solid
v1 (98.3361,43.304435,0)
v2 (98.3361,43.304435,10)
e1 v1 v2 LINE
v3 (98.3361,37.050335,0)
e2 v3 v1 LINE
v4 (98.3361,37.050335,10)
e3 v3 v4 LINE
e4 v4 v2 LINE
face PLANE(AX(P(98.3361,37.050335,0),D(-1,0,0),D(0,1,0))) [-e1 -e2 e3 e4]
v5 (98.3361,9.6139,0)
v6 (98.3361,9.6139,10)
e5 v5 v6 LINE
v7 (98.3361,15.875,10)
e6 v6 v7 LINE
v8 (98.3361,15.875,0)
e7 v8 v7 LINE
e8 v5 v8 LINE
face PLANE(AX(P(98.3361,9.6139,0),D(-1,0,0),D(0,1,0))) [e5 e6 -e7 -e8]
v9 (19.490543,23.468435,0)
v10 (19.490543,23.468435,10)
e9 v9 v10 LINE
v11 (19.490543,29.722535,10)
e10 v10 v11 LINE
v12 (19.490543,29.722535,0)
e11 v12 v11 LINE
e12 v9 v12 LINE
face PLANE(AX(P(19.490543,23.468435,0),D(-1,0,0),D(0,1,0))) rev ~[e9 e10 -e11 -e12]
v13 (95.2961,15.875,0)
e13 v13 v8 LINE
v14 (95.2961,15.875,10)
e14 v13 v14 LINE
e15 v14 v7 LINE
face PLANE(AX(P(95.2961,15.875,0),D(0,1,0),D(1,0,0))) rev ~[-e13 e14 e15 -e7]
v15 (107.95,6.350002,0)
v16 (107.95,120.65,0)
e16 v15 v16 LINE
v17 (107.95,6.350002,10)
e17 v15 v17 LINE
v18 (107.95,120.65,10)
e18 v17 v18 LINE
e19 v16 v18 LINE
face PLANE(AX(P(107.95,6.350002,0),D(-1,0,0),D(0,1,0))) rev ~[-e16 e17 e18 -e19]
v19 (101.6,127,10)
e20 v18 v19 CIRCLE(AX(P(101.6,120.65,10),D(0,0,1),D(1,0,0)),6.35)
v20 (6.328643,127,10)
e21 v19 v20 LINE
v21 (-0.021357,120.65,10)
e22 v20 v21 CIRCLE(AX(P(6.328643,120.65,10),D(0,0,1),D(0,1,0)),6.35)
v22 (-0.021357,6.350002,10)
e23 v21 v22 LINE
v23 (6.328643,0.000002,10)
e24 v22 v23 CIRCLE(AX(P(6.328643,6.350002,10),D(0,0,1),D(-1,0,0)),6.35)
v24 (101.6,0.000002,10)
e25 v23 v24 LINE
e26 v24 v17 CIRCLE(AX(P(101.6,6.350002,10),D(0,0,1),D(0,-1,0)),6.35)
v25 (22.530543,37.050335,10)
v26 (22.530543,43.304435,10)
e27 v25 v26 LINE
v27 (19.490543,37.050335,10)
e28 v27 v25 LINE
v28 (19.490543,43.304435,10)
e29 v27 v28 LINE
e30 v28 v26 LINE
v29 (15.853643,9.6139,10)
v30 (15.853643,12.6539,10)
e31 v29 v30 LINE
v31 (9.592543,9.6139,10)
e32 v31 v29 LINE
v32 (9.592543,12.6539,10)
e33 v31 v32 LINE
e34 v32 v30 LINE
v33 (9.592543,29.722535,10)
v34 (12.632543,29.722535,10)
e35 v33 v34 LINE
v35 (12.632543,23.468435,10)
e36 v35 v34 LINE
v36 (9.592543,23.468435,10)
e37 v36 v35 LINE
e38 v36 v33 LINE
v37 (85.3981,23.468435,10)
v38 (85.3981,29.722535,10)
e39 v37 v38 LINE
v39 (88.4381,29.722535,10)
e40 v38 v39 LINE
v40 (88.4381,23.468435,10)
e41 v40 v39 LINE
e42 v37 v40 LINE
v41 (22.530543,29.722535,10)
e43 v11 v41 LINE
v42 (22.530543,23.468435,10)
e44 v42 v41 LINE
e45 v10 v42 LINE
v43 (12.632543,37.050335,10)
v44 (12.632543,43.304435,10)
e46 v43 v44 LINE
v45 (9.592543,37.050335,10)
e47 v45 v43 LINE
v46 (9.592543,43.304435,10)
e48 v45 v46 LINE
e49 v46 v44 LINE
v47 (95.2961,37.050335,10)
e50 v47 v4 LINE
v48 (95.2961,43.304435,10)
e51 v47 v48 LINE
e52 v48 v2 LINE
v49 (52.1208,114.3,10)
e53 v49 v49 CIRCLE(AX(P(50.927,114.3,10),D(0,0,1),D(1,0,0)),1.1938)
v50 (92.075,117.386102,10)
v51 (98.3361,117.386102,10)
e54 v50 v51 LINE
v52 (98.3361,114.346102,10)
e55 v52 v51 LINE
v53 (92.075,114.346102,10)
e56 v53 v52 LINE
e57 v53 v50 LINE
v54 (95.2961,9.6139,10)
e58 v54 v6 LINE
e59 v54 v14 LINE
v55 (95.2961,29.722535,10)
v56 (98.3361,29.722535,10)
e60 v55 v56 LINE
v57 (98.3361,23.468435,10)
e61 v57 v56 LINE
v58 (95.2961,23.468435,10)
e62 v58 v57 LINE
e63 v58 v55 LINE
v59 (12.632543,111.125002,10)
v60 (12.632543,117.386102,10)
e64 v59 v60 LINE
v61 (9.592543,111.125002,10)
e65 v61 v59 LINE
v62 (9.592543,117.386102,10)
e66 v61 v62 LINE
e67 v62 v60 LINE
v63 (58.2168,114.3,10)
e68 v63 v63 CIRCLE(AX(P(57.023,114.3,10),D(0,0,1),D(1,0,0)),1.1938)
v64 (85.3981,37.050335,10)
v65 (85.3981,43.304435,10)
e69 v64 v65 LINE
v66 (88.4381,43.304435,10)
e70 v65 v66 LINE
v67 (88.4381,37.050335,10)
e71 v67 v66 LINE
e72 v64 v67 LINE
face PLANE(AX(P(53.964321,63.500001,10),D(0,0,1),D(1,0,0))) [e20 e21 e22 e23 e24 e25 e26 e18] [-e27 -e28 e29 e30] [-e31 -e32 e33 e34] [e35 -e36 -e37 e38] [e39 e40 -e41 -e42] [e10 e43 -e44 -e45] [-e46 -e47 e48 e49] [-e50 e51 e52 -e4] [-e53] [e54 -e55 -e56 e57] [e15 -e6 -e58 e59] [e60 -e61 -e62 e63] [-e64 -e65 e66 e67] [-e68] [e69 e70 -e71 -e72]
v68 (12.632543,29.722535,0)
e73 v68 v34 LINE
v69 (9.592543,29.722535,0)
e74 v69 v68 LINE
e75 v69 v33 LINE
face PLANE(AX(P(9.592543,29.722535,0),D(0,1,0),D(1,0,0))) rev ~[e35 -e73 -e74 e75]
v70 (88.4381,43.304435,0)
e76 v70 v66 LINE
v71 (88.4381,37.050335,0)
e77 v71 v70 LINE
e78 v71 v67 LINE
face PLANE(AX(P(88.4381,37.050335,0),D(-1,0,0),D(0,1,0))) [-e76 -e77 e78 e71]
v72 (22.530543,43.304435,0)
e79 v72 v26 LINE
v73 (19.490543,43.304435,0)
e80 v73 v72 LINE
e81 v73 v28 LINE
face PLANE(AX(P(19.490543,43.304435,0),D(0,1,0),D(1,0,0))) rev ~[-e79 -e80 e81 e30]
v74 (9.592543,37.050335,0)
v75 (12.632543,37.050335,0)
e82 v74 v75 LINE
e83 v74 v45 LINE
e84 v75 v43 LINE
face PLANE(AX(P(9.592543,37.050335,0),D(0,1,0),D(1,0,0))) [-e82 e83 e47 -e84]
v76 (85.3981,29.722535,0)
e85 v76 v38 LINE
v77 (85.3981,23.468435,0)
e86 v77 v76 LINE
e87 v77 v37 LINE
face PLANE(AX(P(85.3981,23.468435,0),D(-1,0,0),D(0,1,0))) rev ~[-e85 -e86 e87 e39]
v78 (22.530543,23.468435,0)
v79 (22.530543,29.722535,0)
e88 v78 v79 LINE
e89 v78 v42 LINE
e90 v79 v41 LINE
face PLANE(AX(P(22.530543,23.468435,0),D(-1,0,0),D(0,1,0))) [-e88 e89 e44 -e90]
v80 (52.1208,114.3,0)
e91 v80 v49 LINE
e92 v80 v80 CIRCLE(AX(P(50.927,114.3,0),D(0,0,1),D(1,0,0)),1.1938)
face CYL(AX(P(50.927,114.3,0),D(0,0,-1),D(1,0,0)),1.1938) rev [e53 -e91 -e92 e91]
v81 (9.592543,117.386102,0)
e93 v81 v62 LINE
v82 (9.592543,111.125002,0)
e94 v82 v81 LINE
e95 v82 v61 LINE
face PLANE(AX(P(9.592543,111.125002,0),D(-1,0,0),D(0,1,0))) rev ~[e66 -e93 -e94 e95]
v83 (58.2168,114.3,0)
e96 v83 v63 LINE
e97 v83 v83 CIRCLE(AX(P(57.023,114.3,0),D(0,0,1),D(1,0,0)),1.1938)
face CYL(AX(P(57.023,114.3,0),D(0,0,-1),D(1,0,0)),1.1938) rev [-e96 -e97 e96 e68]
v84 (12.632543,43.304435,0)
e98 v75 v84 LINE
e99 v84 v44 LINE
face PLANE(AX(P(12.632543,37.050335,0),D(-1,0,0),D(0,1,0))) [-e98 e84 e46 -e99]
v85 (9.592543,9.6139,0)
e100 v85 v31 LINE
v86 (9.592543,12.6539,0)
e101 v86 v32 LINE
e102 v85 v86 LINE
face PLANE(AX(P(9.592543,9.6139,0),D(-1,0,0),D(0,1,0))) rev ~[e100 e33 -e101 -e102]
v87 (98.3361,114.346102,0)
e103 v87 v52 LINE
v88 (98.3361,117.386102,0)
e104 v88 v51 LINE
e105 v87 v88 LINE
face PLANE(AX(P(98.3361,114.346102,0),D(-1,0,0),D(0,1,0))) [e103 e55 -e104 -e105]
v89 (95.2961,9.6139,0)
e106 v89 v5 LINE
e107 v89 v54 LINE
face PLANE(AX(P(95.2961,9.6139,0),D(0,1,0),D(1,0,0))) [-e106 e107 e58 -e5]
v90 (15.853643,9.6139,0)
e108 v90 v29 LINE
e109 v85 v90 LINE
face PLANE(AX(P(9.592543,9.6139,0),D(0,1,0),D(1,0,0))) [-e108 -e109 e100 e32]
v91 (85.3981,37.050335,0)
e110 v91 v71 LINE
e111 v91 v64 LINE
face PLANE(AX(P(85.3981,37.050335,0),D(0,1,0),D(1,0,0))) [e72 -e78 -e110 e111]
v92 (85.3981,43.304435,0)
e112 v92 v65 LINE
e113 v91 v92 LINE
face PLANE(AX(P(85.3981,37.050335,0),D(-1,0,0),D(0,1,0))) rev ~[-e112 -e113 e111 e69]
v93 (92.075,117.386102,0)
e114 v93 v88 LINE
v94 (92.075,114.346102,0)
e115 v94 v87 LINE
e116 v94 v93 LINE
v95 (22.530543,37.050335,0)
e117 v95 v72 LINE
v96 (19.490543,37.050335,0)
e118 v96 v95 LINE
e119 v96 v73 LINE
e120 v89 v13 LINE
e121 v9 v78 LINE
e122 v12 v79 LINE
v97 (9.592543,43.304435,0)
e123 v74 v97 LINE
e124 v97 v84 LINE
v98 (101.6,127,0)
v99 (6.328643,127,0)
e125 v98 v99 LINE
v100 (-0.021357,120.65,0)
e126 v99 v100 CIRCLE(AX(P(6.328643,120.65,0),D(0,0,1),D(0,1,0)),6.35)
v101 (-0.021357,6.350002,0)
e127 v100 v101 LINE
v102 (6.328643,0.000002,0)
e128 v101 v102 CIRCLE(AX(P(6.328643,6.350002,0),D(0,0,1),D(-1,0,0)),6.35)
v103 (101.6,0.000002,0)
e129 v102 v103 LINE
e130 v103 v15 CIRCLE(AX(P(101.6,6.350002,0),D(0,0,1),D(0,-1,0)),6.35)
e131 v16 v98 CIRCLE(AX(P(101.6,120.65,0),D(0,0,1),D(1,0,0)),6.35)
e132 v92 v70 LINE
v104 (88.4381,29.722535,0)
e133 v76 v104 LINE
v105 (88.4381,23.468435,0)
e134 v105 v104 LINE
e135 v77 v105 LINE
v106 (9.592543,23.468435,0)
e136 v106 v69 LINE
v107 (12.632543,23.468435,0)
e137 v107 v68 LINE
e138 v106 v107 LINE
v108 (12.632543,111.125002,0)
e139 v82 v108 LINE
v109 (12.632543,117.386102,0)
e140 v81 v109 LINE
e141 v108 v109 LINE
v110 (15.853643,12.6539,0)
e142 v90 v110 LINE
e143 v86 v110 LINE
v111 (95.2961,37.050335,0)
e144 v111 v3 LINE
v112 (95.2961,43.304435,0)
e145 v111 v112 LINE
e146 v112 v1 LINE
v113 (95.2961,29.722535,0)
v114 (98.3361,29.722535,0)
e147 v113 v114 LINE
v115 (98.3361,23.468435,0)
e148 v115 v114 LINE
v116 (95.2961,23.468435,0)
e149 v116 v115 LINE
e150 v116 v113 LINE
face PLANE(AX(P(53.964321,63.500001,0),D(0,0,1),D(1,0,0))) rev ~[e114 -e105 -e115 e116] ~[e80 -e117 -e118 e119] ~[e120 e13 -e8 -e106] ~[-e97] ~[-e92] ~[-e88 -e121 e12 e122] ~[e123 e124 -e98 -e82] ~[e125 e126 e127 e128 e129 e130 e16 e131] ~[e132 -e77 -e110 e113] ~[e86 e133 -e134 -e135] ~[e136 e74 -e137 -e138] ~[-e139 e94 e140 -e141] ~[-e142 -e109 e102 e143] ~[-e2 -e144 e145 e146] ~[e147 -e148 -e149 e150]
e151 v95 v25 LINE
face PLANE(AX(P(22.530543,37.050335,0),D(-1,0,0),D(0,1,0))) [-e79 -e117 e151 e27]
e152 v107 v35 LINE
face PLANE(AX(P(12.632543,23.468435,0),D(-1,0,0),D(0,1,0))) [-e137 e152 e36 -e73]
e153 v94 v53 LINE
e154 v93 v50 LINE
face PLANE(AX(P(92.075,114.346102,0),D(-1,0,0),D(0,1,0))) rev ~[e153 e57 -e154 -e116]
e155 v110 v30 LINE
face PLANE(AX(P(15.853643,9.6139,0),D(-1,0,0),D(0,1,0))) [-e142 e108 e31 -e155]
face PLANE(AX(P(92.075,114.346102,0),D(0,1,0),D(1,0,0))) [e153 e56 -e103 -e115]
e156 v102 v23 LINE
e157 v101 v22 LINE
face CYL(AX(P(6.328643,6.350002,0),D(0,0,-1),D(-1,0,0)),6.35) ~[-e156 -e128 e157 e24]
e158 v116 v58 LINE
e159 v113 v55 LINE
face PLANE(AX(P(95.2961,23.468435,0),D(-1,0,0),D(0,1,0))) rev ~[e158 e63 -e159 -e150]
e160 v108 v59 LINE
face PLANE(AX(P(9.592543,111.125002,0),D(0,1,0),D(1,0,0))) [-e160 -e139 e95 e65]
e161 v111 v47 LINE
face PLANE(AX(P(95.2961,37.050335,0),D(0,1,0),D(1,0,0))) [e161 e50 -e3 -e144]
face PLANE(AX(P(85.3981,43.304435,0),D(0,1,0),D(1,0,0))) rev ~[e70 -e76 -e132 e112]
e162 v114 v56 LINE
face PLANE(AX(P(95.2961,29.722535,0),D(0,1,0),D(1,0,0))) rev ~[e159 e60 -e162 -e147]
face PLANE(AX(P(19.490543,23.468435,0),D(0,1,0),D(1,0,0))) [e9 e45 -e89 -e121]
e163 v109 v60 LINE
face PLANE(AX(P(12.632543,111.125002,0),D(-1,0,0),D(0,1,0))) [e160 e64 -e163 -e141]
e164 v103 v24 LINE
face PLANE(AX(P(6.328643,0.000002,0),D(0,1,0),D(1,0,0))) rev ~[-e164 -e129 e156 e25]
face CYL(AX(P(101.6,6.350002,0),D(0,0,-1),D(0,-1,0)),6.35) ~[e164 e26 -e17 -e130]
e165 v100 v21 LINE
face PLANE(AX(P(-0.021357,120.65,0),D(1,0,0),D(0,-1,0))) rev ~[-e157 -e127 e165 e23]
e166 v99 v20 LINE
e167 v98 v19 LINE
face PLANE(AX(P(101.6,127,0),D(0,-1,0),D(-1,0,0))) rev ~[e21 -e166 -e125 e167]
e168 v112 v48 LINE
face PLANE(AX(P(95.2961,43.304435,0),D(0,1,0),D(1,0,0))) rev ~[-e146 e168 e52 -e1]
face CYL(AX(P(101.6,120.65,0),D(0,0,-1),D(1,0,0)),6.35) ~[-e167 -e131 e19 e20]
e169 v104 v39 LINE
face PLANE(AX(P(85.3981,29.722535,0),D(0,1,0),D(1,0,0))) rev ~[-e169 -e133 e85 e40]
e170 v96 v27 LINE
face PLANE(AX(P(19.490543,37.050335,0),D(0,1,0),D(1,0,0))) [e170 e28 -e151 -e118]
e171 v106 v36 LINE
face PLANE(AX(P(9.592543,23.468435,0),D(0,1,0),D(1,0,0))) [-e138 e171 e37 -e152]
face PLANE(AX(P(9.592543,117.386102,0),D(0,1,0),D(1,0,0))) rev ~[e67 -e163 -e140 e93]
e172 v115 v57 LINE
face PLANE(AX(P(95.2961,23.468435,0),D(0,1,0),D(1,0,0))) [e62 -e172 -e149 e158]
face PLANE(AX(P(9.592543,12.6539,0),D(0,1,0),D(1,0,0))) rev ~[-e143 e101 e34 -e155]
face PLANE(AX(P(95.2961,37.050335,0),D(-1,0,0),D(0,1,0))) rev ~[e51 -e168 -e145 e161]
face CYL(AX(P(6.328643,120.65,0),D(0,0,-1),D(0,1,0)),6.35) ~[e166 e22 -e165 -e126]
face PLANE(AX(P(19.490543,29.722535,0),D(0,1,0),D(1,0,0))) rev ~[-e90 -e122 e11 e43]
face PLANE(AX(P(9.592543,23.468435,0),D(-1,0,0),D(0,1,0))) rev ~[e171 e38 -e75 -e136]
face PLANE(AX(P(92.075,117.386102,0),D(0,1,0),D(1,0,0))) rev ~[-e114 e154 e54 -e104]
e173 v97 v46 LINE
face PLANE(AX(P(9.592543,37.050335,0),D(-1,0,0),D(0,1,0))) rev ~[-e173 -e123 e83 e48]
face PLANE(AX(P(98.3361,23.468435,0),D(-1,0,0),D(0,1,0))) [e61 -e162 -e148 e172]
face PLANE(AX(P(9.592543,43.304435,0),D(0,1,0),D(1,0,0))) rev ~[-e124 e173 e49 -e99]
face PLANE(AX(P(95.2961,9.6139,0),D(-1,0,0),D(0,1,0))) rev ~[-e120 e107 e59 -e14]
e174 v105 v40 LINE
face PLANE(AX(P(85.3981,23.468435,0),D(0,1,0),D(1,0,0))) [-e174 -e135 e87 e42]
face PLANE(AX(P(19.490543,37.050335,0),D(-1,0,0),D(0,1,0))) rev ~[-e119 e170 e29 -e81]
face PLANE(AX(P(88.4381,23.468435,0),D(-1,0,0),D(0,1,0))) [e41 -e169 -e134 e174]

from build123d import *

# Parameters (mm, degrees)
SKETCH1_R           = 1.1938
SKETCH1_W           = 6.2611
SKETCH1_H           = 3.04
SKETCH1_W_2         = 3.04
SKETCH1_H_2         = 6.2611
SKETCH1_H_3         = 6.2541
BOSS_EXTRUDE1_DEPTH = 10


with BuildPart() as part:
    # Sketch1 → Boss-Extrude1 (new body)
    with BuildSketch(Plane.XY):
        with BuildLine():
            Line((-0.021357312, 120.65), (-0.021357312, 6.35000179))
            ThreePointArc((-0.021357312, 6.35000179), (1.838514627, 1.85987373), (6.328642688, 1.79e-06))
            Line((6.328642688, 1.79e-06), (101.6, 1.79e-06))
            ThreePointArc((101.6, 1.79e-06), (106.090128061, 1.85987373), (107.95, 6.35000179))
            Line((107.95, 6.35000179), (107.95, 120.65))
            ThreePointArc((107.95, 120.65), (106.090128061, 125.140128061), (101.6, 127))
            Line((101.6, 127), (6.328642688, 127))
            ThreePointArc((6.328642688, 127), (1.838514627, 125.140128061), (-0.021357312, 120.65))
        make_face()
        with Locations((50.927, 114.3)):
            Circle(SKETCH1_R, mode=Mode.SUBTRACT)
        with Locations((57.023, 114.3)):
            Circle(SKETCH1_R, mode=Mode.SUBTRACT)
        with Locations((12.723092688, 11.1339)):
            Rectangle(SKETCH1_W, SKETCH1_H, mode=Mode.SUBTRACT)
        with Locations((95.20555, 115.86610179)):
            Rectangle(SKETCH1_W, SKETCH1_H, mode=Mode.SUBTRACT)
        with Locations((11.112542688, 114.25555179)):
            Rectangle(SKETCH1_W_2, SKETCH1_H_2, mode=Mode.SUBTRACT)
        with Locations((11.112542688, 26.59548464)):
            Rectangle(SKETCH1_W_2, SKETCH1_H_3, mode=Mode.SUBTRACT)
        with Locations((96.8161, 26.59548464)):
            Rectangle(SKETCH1_W_2, SKETCH1_H_3, mode=Mode.SUBTRACT)
        with Locations((11.112542688, 40.17738464)):
            Rectangle(SKETCH1_W_2, SKETCH1_H_3, mode=Mode.SUBTRACT)
        with Locations((96.8161, 12.74445)):
            Rectangle(SKETCH1_W_2, SKETCH1_H_2, mode=Mode.SUBTRACT)
        with Locations((96.8161, 40.17738464)):
            Rectangle(SKETCH1_W_2, SKETCH1_H_3, mode=Mode.SUBTRACT)
        with Locations((21.010542688, 26.59548464)):
            Rectangle(SKETCH1_W_2, SKETCH1_H_3, mode=Mode.SUBTRACT)
        with Locations((21.010542688, 40.17738464)):
            Rectangle(SKETCH1_W_2, SKETCH1_H_3, mode=Mode.SUBTRACT)
        with Locations((86.9181, 26.59548464)):
            Rectangle(SKETCH1_W_2, SKETCH1_H_3, mode=Mode.SUBTRACT)
        with Locations((86.9181, 40.17738464)):
            Rectangle(SKETCH1_W_2, SKETCH1_H_3, mode=Mode.SUBTRACT)
    extrude(amount=BOSS_EXTRUDE1_DEPTH)


solid = part.part
